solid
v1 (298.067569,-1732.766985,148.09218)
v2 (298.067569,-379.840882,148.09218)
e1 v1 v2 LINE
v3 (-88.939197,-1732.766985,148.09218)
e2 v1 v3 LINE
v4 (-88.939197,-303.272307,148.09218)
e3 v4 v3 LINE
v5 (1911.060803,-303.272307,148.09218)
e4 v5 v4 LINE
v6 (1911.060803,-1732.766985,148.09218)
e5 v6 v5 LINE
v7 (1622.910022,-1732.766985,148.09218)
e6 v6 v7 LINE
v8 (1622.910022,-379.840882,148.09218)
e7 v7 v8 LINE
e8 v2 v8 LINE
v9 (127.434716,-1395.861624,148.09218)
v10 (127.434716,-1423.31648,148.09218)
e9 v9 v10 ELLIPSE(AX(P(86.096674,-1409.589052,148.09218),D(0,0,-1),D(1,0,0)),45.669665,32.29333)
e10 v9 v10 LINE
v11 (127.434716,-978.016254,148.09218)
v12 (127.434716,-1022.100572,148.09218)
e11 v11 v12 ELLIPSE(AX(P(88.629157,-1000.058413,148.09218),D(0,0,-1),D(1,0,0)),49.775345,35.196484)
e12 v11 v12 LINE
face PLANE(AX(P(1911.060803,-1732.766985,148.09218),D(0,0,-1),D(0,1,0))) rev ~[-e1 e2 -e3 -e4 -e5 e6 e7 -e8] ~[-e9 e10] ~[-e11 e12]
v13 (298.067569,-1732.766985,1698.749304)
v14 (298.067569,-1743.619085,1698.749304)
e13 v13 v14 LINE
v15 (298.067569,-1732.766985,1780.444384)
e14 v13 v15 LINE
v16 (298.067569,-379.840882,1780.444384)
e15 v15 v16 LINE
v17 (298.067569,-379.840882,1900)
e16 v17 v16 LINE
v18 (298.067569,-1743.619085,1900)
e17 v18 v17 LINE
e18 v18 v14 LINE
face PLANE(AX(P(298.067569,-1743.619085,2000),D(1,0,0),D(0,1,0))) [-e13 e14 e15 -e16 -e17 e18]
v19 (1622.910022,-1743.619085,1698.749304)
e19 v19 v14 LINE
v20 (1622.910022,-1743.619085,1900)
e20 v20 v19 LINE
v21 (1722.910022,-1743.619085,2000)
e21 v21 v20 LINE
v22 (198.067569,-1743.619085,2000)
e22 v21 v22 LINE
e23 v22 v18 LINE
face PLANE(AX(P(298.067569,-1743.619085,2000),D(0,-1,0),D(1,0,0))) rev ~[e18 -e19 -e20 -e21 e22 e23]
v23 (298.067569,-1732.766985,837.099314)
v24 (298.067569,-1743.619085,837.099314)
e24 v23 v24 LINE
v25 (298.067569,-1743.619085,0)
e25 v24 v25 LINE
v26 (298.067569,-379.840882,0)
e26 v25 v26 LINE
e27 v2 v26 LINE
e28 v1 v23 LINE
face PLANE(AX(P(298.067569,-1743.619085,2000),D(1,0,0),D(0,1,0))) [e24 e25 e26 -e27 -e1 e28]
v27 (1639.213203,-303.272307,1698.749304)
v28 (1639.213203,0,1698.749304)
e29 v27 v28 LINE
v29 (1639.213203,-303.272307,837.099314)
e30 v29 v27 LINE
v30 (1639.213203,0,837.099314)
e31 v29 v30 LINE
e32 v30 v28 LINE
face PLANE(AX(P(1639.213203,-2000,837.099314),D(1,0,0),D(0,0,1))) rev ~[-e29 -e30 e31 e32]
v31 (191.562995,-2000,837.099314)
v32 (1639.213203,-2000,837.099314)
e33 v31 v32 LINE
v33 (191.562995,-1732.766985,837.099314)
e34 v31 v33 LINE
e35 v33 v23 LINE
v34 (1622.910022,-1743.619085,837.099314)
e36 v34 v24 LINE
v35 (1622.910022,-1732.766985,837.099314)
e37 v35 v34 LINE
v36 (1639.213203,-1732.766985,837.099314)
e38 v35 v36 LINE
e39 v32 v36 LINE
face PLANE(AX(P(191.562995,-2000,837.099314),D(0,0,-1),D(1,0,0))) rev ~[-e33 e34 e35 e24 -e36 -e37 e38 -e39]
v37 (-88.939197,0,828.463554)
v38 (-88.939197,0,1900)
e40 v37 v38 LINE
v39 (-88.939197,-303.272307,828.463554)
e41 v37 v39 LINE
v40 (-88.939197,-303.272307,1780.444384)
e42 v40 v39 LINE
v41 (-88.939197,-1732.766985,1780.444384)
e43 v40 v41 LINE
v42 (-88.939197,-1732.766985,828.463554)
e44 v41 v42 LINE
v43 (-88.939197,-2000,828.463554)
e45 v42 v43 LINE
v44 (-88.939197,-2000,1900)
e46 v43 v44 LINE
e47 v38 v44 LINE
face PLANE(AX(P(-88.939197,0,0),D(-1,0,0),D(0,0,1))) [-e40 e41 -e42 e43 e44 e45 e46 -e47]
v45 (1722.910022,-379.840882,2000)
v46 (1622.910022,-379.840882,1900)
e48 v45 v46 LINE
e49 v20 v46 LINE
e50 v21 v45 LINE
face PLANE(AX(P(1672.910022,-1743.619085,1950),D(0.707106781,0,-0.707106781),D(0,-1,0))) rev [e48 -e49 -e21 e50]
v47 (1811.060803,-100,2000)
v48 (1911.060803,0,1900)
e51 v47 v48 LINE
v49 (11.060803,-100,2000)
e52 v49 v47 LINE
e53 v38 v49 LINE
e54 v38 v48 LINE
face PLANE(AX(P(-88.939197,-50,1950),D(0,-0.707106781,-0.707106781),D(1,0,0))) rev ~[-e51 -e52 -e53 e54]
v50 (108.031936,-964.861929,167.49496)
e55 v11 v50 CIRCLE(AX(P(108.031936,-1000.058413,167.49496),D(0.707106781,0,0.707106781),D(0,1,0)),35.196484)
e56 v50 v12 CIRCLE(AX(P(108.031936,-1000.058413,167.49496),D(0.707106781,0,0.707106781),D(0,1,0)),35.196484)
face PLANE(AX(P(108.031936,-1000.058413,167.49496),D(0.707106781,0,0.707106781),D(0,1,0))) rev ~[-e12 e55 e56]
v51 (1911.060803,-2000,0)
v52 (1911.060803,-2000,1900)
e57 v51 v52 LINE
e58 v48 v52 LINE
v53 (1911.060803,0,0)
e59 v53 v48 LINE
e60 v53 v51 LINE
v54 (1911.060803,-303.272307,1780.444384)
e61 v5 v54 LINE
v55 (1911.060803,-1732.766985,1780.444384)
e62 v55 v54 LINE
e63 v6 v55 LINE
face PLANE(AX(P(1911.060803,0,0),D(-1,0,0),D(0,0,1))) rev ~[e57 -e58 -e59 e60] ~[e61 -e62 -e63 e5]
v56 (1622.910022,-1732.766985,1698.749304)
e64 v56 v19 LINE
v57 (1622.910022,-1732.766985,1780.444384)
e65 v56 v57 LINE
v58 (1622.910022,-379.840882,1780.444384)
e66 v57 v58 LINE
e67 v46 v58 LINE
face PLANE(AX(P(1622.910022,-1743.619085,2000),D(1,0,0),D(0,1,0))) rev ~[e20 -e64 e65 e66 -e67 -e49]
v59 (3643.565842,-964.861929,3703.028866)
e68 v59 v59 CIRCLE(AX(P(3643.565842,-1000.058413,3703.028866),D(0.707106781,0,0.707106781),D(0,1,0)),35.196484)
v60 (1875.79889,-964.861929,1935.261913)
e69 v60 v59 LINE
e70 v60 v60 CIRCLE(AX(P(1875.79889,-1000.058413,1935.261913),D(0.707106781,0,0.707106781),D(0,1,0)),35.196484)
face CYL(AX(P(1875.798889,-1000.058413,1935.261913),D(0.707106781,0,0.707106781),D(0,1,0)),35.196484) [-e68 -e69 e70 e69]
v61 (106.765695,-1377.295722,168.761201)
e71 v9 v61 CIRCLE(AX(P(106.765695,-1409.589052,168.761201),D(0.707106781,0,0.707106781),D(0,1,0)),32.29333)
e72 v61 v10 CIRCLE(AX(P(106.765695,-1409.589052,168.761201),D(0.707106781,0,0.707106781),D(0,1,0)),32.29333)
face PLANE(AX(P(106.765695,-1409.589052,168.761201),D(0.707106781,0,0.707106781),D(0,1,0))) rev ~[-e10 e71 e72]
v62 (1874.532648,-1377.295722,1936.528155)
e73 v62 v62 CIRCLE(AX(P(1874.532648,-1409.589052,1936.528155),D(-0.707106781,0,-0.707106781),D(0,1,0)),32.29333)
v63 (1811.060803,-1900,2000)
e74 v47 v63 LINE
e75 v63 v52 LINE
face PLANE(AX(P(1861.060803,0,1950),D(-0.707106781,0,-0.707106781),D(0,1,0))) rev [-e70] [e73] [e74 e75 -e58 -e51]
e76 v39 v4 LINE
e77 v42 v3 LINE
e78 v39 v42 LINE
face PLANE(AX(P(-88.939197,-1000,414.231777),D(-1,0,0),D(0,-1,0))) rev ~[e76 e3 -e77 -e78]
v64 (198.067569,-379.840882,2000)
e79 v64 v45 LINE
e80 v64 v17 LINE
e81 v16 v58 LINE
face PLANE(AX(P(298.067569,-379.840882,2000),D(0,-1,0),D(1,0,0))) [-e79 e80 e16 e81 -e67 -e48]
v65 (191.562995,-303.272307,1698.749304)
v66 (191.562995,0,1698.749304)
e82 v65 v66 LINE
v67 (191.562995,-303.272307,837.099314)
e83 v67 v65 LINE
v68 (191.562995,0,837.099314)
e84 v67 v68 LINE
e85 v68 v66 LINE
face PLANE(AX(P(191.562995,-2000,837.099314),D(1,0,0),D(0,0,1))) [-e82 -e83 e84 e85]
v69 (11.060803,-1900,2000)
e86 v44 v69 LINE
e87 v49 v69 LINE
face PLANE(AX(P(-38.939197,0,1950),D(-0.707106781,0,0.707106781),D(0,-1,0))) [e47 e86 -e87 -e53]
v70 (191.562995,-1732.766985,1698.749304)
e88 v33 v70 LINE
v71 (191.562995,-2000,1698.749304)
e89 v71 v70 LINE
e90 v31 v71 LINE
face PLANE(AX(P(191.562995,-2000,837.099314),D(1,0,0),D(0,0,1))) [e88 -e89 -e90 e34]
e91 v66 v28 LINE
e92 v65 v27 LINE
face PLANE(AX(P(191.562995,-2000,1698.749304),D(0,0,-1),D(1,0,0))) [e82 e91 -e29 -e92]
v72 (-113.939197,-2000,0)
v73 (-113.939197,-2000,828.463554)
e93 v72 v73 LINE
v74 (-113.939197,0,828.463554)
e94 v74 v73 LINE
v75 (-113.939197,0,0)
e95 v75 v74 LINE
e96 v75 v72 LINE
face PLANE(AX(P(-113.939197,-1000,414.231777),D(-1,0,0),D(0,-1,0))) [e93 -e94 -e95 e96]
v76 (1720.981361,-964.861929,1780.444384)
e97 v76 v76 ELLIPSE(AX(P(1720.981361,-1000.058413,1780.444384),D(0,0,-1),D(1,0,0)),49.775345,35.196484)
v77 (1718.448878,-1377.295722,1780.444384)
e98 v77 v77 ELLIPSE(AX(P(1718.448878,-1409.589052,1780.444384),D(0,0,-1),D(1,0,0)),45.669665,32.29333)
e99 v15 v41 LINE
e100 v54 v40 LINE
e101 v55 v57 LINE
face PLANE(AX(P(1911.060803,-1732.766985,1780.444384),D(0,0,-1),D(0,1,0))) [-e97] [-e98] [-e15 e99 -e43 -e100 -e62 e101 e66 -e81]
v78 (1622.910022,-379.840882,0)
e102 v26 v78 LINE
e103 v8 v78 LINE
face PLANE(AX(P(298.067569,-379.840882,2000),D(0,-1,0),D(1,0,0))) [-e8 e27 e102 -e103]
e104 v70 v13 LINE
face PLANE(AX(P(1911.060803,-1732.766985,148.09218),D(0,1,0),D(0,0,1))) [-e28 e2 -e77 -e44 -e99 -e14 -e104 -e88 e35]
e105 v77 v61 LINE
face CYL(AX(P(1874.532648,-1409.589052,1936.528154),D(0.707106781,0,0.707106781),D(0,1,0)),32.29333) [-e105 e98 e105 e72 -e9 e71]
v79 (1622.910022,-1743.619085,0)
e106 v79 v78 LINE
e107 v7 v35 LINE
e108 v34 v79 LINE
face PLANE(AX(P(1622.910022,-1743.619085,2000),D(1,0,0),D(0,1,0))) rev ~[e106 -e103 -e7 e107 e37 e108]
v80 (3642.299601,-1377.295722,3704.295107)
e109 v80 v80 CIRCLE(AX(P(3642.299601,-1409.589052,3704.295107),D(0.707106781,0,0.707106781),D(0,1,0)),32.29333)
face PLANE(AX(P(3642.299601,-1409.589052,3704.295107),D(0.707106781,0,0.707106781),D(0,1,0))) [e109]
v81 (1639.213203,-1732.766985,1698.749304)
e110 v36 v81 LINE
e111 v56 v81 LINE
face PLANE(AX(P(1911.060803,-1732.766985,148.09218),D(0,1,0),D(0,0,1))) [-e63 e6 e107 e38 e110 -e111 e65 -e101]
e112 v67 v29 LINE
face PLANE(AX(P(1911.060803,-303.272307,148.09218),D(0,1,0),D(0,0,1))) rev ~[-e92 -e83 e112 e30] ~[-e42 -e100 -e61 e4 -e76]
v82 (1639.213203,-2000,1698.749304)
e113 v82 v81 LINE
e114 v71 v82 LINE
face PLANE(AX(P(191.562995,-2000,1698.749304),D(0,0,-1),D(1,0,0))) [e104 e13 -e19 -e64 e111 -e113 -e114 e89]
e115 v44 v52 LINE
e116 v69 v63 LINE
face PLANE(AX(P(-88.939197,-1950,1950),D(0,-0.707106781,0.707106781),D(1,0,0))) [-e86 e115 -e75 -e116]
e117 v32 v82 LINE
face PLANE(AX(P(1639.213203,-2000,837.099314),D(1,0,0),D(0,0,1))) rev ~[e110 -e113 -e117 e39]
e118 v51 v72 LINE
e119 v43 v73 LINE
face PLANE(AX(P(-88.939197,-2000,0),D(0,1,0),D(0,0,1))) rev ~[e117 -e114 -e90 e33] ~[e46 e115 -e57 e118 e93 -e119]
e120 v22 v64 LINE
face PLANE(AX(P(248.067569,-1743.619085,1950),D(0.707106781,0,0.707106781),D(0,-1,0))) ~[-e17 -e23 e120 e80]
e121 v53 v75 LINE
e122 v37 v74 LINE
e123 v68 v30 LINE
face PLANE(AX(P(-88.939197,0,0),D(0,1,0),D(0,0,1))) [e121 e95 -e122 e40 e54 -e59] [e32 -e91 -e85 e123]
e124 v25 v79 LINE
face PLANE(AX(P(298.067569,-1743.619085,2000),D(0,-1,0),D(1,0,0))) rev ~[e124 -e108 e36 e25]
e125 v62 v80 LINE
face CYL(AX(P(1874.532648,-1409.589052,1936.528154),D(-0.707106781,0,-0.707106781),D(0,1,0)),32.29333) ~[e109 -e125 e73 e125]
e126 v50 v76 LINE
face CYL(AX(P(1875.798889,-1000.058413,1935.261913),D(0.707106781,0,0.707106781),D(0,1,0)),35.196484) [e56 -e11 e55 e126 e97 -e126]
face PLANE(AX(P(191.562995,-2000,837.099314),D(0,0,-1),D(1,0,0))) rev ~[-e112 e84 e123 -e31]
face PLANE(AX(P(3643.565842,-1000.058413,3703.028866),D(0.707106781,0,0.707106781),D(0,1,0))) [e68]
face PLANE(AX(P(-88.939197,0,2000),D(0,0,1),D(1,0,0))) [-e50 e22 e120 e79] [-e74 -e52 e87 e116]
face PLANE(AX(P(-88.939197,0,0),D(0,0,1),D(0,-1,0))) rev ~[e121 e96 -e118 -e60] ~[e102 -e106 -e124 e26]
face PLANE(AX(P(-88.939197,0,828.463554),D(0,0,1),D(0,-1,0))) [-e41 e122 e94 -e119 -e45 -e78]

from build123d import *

# Parameters (mm, degrees)
F0_W      = 2000
F0_H      = 2000
F1_DEPTH  = 2000
F2_W      = 1447.650209
F2_H      = 861.64999
F3_DEPTH  = 2000.001
F4_W      = 1324.842453
F4_H      = 1363.778203
F5_DEPTH  = 2000.001
F6_W      = 1429.494679
F6_H      = 1632.352204
F7_DEPTH  = 2000.001
F8_SIZE   = 100
F9_W      = 2000
F9_H      = 828.463554
F10_DEPTH = 25
F11_R     = 32.29333
F11_R_2   = 35.196484
F12_DEPTH = 2500


with BuildPart() as f1:
    # F0 (on Front) → F1 (new body)
    with BuildSketch(Plane.XZ):
        with Locations((911.060803, 1000)):
            Rectangle(F0_W, F0_H)
    extrude(amount=F1_DEPTH)

    # F2 (on face) → F3 (cut, through all)
    with BuildSketch(Plane.XZ.offset(2000)):
        with Locations((915.388099, 1267.924309)):
            Rectangle(F2_W, F2_H)
    extrude(amount=-F3_DEPTH, mode=Mode.SUBTRACT)

    # F4 (on face) → F5 (cut, through all)
    with BuildSketch(Plane.XY.offset(2000)):
        with Locations((960.488796, -1061.729983)):
            Rectangle(F4_W, F4_H)
    extrude(amount=-F5_DEPTH, mode=Mode.SUBTRACT)

    # F6 (on face) → F7 (cut, through all)
    with BuildSketch(Plane.YZ.offset(1911.060803)):
        with Locations((-1018.019646, 964.268282)):
            Rectangle(F6_W, F6_H)
    extrude(amount=-F7_DEPTH, mode=Mode.SUBTRACT)

    # F8
    f8_edges = [f1.edges().sort_by_distance(p)[0] for p in [
        (1911.060803, -1000, 2000),
        (911.060803, 0, 2000),
        (911.060803, -2000, 2000),
        (-88.939197, -1000, 2000),
        (298.06757, -1061.729982, 2000),
        (1622.910023, -1061.729982, 2000),
    ]]
    chamfer(f8_edges, length=F8_SIZE)

    # F9 (on face) → F10 (join)
    with BuildSketch(Plane(origin=(-88.939197, 0, 0), x_dir=(0, -1, 0), z_dir=(-1, 0, 0))):
        with Locations((1000, 414.231777)):
            Rectangle(F9_W, F9_H)
    extrude(amount=F10_DEPTH)

    # F11 (on face) → F12 (join, symmetric)
    with BuildSketch(Plane(origin=(1905.530401, 0, 1905.530401), x_dir=(0, 1, 0), z_dir=(0.707107, 0, 0.707107))):
        with Locations((-1409.589052, 43.837443)):
            Circle(F11_R)
        with Locations((-1000.058413, 42.046707)):
            Circle(F11_R_2)
    extrude(amount=F12_DEPTH, both=True)


solid = f1.part
